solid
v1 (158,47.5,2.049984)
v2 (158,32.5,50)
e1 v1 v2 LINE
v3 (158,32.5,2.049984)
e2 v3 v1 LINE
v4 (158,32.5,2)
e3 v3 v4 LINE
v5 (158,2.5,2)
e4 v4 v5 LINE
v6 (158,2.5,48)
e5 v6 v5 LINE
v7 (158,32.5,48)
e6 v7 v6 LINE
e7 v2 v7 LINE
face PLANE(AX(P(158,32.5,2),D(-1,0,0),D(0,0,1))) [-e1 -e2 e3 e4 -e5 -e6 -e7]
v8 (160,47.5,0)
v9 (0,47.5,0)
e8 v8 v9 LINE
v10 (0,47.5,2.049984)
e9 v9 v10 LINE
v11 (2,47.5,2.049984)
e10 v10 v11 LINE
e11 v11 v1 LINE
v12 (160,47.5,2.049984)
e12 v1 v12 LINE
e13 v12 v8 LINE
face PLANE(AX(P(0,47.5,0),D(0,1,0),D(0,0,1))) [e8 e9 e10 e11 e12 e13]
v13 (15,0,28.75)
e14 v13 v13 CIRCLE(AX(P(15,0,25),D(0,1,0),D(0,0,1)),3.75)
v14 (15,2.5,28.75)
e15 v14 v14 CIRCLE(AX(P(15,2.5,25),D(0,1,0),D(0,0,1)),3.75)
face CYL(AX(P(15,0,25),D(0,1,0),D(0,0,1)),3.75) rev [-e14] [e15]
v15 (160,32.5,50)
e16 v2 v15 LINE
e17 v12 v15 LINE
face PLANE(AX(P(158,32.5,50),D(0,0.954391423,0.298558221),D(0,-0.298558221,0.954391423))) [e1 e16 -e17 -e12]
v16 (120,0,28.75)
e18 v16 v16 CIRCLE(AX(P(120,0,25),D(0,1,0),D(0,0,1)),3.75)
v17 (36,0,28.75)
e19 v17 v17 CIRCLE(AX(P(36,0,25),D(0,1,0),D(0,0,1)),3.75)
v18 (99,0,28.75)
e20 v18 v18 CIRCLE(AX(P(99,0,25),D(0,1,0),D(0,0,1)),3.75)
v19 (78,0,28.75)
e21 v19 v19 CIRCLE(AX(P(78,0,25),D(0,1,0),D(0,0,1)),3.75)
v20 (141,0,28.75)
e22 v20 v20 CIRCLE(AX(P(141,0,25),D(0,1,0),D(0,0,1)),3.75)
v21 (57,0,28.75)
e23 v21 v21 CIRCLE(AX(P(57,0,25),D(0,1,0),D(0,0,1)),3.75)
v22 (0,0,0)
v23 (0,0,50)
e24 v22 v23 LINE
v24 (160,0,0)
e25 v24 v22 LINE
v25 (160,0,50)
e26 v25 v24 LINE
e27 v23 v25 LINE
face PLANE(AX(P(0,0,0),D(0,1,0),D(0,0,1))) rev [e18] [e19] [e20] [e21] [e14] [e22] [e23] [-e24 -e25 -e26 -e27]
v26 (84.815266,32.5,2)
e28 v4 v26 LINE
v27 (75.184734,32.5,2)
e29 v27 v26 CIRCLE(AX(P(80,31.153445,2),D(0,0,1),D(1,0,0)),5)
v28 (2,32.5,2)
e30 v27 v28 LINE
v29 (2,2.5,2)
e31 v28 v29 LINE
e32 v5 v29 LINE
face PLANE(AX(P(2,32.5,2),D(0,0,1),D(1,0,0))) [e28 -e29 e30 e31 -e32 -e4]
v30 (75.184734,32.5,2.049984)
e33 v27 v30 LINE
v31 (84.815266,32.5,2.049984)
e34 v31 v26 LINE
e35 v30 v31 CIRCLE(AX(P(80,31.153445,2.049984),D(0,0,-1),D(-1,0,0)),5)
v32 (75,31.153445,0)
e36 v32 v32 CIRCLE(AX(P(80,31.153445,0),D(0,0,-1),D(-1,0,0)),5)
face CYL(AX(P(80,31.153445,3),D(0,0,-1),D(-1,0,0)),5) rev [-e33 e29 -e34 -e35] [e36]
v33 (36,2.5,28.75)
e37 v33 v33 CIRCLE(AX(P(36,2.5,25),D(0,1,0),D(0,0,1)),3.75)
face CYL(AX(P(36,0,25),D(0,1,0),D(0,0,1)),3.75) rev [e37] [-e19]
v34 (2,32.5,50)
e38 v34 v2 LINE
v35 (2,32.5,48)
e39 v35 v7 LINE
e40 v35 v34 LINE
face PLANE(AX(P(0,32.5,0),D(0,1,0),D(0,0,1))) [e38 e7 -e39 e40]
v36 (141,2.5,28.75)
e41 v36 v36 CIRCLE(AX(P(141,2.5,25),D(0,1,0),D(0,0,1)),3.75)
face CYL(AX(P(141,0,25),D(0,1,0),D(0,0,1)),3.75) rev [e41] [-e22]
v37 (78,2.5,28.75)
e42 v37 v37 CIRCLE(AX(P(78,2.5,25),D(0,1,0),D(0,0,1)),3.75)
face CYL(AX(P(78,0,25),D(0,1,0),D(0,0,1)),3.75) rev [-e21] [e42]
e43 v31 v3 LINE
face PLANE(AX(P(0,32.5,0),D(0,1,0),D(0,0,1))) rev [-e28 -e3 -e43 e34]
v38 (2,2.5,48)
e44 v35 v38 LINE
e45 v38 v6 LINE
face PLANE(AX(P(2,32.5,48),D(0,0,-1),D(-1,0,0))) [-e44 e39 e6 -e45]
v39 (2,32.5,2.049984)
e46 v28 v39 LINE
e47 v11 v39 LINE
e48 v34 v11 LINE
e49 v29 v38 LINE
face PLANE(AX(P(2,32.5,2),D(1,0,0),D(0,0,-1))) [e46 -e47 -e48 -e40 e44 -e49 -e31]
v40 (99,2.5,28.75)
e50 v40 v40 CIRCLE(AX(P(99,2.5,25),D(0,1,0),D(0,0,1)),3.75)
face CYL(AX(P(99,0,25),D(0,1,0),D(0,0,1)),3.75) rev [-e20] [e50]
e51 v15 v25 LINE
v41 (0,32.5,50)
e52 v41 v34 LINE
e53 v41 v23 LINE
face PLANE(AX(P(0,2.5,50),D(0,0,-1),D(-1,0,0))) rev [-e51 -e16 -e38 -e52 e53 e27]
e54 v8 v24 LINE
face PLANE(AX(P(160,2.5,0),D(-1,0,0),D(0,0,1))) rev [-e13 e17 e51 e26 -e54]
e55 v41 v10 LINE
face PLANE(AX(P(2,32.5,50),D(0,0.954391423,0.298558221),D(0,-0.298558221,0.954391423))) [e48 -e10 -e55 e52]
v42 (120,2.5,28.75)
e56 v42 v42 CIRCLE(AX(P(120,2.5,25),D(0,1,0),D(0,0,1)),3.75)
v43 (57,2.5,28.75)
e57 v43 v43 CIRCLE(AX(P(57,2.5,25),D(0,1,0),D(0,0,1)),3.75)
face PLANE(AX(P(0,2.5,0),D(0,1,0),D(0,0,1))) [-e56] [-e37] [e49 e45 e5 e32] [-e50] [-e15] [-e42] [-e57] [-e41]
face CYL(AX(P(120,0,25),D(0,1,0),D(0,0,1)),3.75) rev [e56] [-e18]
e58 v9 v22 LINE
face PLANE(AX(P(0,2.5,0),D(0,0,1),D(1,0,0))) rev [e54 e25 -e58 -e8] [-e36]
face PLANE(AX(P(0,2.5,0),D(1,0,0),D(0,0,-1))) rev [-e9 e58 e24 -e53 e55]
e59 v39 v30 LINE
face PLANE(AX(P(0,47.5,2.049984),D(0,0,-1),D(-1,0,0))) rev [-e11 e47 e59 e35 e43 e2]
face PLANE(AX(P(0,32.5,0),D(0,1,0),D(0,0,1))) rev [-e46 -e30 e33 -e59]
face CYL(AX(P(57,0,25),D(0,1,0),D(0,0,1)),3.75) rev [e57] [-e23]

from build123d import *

# Parameters (mm, degrees)
SKETCH1_W           = 160
SKETCH1_H           = 50
BOSS_EXTRUDE1_DEPTH = 2.5
SKETCH2_R           = 3.75
CUT_EXTRUDE1_DEPTH  = 168.649187293
SKETCH3_W           = 160
SKETCH3_H           = 50
SKETCH3_W_2         = 156
SKETCH3_H_2         = 46
BOSS_EXTRUDE2_DEPTH = 30
SKETCH5_W           = 160
SKETCH5_H           = 2.049984413
BOSS_EXTRUDE4_DEPTH = 15
BOSS_EXTRUDE5_DEPTH = 2
BOSS_EXTRUDE7_DEPTH = 2
SKETCH9_R           = 5
CUT_EXTRUDE2_DEPTH  = 3


with BuildPart() as part:
    # Sketch1 → Boss-Extrude1 (new body)
    with BuildSketch(Plane(origin=(0, 0, 0), x_dir=(1, 0, 0), z_dir=(0, 1, 0))):
        with Locations((80, -25)):
            Rectangle(SKETCH1_W, SKETCH1_H)
    extrude(amount=BOSS_EXTRUDE1_DEPTH)

    # Sketch2 → Cut-Extrude1 (cut, through all)
    with BuildSketch(Plane(origin=(0, 2.5, 0), x_dir=(1, 0, 0), z_dir=(0, 1, 0))):
        with Locations(Location((15, -25, 0), (0, 0, 270))):
            Circle(SKETCH2_R)
        with Locations(Location((36, -25, 0), (0, 0, 270))):
            Circle(SKETCH2_R)
        with Locations(Location((57, -25, 0), (0, 0, 270))):
            Circle(SKETCH2_R)
        with Locations(Location((78, -25, 0), (0, 0, 270))):
            Circle(SKETCH2_R)
        with Locations(Location((99, -25, 0), (0, 0, 270))):
            Circle(SKETCH2_R)
        with Locations(Location((120, -25, 0), (0, 0, 270))):
            Circle(SKETCH2_R)
        with Locations(Location((141, -25, 0), (0, 0, 270))):
            Circle(SKETCH2_R)
    extrude(amount=-CUT_EXTRUDE1_DEPTH, mode=Mode.SUBTRACT)

    # Sketch3 → Boss-Extrude2 (add)
    with BuildSketch(Plane(origin=(0, 2.5, 0), x_dir=(1, 0, 0), z_dir=(0, 1, 0))):
        with Locations((80, -25)):
            Rectangle(SKETCH3_W, SKETCH3_H)
        with Locations((80, -25)):
            Rectangle(SKETCH3_W_2, SKETCH3_H_2, mode=Mode.SUBTRACT)
    extrude(amount=BOSS_EXTRUDE2_DEPTH)

    # Sketch5 → Boss-Extrude4 (add)
    with BuildSketch(Plane(origin=(0, 32.5, 0), x_dir=(1, 0, 0), z_dir=(0, 1, 0))):
        with Locations((80, -1.024992207)):
            Rectangle(SKETCH5_W, SKETCH5_H)
    extrude(amount=BOSS_EXTRUDE4_DEPTH)

    # Sketch6 → Boss-Extrude5 (add)
    with BuildSketch(Plane(origin=(160, 0, 0), x_dir=(0, 0, -1), z_dir=(1, 0, 0))):
        Polygon((-2.049984413, 32.5), (-50, 32.5), (-2.049984413, 47.5), align=None)
    extrude(amount=-BOSS_EXTRUDE5_DEPTH)

    # Sketch8 → Boss-Extrude7 (add)
    with BuildSketch(Plane.ZY):
        Polygon((2.049984413, 47.5), (2.049984413, 32.5), (50, 32.5), align=None)
    extrude(amount=-BOSS_EXTRUDE7_DEPTH)

    # Sketch9 → Cut-Extrude2 (cut)
    with BuildSketch(Plane(origin=(0, 0, 0), x_dir=(-1, 0, 0), z_dir=(0, 0, -1))):
        with Locations((-80, 31.153444526)):
            Circle(SKETCH9_R)
    extrude(amount=-CUT_EXTRUDE2_DEPTH, mode=Mode.SUBTRACT)


solid = part.part
